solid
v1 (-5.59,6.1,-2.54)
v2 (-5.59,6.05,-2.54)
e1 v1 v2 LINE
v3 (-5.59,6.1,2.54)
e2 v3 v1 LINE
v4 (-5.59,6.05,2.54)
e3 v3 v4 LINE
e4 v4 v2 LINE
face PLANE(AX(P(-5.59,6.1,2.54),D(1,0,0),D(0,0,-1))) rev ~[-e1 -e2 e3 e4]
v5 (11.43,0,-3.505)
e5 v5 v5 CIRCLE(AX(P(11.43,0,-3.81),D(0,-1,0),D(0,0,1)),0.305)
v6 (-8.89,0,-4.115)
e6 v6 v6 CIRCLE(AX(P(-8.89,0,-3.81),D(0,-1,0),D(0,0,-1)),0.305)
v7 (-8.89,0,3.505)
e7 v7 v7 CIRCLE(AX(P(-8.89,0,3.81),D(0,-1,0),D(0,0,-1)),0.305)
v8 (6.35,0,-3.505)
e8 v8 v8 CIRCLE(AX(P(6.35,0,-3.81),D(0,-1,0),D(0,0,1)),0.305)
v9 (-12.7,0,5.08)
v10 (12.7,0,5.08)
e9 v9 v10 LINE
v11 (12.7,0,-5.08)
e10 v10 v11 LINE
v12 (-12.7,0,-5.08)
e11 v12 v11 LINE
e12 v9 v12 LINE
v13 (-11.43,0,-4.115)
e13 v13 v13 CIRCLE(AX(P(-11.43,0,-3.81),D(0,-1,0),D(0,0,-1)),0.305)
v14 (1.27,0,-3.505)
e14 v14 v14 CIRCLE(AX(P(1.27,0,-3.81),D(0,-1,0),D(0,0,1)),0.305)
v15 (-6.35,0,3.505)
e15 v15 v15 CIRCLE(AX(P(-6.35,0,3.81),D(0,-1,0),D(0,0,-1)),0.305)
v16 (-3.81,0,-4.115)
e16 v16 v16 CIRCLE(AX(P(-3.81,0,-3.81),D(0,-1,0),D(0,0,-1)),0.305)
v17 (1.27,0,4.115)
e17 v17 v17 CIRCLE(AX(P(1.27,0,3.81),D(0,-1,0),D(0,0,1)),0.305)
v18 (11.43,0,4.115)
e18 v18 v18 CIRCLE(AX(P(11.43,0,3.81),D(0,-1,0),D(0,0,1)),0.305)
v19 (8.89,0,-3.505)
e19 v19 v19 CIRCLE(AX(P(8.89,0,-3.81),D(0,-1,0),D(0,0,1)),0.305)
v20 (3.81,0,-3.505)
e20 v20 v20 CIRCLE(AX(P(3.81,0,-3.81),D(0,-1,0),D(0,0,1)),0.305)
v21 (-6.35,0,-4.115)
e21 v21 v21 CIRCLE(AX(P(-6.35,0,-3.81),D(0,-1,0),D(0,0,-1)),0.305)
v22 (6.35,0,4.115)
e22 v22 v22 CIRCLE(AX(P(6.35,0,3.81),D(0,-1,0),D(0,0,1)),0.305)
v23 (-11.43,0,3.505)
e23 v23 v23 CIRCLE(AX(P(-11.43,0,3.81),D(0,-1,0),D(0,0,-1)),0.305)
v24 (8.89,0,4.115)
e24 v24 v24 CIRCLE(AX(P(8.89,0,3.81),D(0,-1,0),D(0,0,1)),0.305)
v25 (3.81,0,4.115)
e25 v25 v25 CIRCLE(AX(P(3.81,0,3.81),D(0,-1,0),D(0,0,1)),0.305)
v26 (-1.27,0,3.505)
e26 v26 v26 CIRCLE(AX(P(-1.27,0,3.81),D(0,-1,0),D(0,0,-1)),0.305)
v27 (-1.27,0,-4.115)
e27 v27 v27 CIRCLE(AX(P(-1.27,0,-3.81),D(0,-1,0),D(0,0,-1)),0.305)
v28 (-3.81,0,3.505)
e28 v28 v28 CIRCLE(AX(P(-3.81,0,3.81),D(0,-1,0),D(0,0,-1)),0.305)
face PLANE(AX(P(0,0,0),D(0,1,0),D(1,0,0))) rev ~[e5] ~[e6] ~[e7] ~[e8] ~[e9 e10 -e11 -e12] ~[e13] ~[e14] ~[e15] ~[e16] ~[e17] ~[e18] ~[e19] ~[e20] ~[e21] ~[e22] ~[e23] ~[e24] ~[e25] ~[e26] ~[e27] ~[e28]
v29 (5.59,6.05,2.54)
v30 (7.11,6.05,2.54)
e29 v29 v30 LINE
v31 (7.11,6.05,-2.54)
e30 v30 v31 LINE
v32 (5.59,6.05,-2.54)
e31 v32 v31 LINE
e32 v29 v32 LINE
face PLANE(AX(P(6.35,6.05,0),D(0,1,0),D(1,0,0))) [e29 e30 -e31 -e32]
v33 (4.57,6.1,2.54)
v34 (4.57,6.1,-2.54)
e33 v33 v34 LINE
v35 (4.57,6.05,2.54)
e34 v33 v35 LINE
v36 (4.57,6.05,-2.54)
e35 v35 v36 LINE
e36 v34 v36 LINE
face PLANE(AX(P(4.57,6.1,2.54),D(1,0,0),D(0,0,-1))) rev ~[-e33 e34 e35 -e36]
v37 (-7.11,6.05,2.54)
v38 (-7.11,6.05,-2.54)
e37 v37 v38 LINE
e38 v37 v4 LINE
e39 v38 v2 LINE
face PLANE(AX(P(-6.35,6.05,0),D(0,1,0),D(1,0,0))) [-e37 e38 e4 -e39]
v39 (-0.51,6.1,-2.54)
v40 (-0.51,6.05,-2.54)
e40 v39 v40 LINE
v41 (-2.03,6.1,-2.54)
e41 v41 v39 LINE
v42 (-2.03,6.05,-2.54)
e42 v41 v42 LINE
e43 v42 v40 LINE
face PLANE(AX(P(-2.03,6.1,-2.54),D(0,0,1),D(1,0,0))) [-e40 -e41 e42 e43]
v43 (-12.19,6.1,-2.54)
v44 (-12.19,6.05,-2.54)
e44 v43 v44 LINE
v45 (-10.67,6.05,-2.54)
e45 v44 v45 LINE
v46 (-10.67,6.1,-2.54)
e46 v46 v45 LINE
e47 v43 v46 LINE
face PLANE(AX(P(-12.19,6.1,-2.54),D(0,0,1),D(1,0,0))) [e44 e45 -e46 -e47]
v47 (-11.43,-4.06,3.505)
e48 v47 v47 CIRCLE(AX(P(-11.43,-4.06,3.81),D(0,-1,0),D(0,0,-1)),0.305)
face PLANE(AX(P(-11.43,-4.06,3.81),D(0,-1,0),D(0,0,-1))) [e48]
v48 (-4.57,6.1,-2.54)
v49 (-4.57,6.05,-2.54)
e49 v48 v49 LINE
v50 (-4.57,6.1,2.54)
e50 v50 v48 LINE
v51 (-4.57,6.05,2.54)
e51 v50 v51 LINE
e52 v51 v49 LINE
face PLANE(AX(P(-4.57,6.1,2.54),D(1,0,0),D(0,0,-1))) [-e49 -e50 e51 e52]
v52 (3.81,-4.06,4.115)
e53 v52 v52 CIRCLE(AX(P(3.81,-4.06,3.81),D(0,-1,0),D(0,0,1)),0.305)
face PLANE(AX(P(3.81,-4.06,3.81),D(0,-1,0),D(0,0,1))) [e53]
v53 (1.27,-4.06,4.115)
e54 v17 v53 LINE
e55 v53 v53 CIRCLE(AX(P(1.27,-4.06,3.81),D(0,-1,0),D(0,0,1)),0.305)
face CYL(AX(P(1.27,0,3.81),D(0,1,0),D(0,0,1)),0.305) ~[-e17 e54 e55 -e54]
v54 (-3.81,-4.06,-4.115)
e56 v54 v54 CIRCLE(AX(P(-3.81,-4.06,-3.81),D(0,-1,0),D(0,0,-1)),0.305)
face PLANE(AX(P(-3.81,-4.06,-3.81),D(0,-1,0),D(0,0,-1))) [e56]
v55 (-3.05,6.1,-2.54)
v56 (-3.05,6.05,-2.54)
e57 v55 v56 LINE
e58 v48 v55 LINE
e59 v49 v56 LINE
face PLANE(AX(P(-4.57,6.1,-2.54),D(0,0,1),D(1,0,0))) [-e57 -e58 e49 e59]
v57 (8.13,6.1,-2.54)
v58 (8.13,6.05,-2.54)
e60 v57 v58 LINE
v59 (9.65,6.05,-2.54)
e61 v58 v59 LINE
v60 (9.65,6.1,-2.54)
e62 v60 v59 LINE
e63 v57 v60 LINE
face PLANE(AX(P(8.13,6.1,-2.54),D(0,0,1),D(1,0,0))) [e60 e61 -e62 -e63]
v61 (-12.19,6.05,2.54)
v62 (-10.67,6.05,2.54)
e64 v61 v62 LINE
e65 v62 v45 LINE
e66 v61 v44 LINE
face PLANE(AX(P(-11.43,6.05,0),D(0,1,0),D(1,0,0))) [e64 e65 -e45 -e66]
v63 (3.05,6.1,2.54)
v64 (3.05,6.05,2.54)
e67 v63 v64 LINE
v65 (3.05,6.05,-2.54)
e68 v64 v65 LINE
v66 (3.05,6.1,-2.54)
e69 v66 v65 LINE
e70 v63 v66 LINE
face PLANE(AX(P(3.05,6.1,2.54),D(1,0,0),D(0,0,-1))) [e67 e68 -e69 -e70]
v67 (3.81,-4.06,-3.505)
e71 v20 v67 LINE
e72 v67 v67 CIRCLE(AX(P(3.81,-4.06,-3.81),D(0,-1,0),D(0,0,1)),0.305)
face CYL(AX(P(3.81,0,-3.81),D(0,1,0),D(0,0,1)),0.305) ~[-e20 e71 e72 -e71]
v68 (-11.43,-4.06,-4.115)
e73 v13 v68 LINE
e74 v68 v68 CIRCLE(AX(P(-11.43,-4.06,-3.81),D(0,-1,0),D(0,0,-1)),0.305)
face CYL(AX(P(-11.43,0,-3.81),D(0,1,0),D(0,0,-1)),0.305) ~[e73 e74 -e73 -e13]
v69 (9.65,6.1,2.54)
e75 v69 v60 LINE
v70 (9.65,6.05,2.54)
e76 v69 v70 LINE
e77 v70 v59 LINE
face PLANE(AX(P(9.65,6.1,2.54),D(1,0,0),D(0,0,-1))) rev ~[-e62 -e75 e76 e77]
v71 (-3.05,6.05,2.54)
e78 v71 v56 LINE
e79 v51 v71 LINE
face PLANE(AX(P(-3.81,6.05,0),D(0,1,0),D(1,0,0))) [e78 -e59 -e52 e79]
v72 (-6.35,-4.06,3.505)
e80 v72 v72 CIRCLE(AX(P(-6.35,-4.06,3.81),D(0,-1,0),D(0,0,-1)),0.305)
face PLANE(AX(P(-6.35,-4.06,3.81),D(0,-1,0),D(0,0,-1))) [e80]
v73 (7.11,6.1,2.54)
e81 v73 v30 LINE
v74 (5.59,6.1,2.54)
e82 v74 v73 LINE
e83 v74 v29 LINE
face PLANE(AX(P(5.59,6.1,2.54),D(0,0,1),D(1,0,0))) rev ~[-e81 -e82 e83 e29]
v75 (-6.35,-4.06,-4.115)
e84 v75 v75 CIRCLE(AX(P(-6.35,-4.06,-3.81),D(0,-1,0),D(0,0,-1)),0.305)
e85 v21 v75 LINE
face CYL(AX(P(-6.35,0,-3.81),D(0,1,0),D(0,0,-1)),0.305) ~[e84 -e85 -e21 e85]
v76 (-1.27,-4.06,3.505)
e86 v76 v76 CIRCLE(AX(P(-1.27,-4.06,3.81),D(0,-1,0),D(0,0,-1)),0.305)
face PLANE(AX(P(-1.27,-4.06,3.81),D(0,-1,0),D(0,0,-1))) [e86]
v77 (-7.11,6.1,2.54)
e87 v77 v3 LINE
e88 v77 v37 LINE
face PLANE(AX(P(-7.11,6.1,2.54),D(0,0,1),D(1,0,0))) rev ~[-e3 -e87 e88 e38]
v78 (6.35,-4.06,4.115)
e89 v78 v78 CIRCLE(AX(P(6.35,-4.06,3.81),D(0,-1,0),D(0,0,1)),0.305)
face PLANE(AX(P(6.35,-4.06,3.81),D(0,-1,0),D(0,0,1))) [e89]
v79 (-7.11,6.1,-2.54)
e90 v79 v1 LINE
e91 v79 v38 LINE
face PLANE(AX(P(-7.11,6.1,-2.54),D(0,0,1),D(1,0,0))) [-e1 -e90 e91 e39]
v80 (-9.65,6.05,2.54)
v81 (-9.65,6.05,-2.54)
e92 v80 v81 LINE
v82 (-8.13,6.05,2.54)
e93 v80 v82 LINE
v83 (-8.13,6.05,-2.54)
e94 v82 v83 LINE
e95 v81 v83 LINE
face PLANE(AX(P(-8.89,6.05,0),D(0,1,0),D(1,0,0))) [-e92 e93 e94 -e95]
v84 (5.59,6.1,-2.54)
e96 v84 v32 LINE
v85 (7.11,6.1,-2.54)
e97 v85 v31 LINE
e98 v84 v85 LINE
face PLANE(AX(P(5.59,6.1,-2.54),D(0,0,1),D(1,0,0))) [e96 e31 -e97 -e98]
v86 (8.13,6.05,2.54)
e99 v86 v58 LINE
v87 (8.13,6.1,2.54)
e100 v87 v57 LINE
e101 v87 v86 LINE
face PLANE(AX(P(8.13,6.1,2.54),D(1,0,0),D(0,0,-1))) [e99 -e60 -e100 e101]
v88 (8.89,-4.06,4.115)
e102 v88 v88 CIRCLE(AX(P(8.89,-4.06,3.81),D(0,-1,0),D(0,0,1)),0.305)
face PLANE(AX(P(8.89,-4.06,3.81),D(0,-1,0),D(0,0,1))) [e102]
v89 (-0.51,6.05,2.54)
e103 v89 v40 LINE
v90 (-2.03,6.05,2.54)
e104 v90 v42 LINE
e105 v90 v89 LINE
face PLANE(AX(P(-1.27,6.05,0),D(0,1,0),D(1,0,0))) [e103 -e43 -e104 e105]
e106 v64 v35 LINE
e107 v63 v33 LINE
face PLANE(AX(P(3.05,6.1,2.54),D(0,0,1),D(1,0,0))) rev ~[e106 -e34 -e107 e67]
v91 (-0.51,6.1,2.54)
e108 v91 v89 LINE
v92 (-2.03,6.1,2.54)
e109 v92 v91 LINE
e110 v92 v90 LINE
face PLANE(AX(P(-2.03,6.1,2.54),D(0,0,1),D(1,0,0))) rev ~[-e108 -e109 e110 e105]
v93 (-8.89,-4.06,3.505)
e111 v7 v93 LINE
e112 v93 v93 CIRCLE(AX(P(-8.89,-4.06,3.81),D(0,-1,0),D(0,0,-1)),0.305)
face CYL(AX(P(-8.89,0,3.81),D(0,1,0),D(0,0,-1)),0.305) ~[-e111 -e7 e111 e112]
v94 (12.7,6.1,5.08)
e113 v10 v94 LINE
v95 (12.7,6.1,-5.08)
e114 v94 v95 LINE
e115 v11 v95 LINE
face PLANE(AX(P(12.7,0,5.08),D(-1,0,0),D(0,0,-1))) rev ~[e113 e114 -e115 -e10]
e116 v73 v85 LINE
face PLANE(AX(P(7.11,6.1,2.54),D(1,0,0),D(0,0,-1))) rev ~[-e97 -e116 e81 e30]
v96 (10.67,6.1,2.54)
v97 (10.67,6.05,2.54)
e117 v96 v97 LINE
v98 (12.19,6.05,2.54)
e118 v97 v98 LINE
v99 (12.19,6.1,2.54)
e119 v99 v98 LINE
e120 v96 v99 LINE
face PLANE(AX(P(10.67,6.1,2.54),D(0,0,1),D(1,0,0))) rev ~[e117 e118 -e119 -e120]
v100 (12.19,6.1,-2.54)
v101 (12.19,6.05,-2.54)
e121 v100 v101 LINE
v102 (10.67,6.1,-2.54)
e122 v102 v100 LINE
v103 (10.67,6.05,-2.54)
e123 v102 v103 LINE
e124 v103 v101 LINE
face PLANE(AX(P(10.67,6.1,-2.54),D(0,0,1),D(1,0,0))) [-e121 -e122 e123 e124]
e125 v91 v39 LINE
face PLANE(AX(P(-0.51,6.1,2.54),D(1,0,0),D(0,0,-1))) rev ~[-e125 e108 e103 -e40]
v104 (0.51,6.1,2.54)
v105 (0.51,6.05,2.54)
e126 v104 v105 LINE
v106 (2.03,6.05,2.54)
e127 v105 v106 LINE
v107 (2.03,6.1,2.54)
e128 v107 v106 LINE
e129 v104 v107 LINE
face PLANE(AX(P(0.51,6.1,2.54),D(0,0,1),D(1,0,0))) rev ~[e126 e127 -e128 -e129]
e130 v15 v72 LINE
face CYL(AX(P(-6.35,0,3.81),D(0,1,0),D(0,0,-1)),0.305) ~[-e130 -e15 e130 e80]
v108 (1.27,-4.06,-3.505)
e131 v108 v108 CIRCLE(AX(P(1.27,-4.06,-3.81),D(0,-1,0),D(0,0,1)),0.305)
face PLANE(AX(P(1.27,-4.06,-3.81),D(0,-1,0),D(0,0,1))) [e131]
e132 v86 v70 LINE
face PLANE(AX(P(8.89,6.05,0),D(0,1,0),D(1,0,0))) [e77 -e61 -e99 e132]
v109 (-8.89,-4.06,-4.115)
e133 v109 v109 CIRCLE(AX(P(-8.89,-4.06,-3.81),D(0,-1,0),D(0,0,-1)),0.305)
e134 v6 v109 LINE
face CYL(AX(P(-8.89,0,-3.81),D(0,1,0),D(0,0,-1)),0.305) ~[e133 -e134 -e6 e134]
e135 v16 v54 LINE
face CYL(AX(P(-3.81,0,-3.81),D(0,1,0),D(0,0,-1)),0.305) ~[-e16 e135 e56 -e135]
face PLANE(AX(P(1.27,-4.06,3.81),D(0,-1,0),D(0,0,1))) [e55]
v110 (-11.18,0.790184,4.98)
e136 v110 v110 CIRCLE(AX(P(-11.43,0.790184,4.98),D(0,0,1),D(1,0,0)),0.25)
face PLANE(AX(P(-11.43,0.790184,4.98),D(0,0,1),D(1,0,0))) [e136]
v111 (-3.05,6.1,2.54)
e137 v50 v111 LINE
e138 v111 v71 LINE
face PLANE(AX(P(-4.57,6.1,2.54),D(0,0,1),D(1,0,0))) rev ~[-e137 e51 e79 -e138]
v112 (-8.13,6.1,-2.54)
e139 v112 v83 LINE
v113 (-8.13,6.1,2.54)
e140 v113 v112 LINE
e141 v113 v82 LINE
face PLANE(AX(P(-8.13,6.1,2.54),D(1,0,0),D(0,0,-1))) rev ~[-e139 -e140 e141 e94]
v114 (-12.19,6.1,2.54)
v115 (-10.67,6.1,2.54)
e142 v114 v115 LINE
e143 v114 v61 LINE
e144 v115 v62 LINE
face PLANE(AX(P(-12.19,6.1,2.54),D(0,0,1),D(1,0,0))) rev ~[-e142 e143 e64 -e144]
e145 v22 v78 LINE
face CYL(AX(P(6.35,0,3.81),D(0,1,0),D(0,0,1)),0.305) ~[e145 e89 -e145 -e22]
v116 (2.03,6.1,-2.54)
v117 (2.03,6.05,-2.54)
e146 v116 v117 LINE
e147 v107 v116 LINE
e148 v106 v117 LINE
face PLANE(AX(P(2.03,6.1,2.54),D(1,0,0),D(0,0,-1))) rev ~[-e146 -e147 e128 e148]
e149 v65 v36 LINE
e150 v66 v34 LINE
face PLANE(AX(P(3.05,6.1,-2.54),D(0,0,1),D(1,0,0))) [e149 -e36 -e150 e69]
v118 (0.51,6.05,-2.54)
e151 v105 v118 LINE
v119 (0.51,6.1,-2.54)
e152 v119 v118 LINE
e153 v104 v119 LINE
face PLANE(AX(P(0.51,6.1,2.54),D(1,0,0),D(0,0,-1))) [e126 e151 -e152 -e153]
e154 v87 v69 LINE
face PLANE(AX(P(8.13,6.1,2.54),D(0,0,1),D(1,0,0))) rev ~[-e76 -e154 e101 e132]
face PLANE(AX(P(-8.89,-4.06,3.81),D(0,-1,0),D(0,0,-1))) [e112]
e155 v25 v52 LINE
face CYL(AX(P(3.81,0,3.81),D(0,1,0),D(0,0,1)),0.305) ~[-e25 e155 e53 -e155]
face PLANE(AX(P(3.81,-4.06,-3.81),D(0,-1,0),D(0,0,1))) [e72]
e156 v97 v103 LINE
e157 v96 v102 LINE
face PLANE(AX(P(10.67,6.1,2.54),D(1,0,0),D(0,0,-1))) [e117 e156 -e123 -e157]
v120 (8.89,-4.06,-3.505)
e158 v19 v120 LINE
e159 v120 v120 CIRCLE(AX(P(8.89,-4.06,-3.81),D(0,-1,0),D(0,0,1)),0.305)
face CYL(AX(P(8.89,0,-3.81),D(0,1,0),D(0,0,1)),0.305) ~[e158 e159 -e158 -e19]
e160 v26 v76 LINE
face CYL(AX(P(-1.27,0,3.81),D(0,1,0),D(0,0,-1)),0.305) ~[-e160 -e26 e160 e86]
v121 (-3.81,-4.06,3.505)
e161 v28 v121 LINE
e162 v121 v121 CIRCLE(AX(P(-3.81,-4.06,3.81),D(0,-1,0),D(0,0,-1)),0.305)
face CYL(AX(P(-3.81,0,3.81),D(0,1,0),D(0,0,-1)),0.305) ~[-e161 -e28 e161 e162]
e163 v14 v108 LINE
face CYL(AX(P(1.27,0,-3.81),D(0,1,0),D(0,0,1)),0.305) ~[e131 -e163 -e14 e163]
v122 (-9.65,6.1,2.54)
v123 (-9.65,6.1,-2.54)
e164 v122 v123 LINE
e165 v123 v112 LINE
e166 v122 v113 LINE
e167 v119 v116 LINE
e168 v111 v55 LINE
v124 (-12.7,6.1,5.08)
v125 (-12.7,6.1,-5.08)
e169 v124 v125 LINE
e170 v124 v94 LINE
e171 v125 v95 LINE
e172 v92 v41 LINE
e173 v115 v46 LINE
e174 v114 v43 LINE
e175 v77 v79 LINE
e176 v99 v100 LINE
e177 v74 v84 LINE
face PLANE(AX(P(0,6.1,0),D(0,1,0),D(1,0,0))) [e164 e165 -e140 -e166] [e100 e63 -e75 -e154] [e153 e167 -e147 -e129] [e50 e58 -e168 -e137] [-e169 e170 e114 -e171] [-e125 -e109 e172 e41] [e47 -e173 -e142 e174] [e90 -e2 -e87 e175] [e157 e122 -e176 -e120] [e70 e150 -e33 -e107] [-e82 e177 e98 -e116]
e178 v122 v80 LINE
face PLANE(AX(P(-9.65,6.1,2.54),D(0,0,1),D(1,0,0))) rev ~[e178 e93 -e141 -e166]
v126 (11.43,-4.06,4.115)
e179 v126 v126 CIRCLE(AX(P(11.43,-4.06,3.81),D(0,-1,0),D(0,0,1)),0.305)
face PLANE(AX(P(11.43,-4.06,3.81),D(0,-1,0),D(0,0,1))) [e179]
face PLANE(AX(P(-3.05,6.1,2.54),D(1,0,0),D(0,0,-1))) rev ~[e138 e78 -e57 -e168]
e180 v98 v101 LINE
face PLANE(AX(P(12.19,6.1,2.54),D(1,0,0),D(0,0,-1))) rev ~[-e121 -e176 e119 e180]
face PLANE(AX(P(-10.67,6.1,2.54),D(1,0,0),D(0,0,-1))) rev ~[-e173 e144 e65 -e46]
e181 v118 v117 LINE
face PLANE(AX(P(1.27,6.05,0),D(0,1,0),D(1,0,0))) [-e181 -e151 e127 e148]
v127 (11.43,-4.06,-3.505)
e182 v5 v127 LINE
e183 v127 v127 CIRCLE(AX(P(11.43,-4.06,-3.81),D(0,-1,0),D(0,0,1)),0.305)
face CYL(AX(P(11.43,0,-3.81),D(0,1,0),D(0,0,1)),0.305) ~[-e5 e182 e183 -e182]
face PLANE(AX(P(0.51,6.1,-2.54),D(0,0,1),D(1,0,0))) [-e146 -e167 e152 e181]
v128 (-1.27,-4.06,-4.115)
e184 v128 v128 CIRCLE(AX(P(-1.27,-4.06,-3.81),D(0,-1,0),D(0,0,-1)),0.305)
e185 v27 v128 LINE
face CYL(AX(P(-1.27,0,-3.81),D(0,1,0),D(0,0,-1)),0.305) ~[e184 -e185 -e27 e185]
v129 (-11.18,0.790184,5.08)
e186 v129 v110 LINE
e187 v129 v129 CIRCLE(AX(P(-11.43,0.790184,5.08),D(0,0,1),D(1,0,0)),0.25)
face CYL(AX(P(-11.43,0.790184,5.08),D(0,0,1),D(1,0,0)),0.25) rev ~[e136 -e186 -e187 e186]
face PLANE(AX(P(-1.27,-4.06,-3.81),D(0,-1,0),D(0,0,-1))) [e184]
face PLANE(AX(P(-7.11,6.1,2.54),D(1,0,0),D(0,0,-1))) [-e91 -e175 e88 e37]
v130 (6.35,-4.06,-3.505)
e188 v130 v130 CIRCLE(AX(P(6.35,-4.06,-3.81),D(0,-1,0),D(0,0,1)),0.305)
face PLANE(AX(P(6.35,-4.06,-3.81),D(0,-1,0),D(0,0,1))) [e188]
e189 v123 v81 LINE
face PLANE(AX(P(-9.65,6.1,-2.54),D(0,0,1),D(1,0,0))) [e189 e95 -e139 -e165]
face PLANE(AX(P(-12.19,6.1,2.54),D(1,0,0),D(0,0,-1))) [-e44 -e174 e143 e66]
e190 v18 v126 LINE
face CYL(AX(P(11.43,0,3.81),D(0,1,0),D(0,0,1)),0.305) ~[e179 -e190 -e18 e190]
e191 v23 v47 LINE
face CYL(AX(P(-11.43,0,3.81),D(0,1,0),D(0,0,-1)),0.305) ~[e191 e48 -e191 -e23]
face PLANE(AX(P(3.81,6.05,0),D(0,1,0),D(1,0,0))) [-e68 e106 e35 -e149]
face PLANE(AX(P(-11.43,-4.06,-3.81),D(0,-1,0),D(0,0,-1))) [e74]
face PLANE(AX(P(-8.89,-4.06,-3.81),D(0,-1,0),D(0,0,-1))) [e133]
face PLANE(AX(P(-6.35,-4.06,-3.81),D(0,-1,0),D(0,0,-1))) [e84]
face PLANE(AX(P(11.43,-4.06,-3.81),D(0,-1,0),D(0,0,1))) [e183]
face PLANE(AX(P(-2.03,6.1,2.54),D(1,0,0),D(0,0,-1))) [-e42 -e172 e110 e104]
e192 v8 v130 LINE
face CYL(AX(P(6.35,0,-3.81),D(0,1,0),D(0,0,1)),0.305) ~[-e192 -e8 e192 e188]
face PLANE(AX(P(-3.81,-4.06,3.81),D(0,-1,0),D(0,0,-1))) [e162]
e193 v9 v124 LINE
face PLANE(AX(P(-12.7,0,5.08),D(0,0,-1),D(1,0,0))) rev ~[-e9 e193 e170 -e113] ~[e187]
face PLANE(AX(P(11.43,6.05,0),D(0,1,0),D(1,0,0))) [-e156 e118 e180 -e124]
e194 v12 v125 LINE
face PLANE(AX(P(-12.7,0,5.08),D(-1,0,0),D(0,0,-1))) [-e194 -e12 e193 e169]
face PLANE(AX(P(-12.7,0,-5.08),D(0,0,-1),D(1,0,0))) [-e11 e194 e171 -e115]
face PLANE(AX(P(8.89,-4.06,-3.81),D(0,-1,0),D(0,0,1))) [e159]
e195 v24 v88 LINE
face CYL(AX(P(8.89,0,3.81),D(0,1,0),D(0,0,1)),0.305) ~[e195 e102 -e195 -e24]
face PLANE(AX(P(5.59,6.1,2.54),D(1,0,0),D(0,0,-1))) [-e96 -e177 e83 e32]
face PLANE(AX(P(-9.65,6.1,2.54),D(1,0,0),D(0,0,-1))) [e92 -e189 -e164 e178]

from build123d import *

# Parameters (mm, degrees)
SKETCH1_W           = 25.4
SKETCH1_H           = 10.16
BOSS_EXTRUDE1_DEPTH = 6.1
SKETCH2_W           = 1.52
SKETCH2_H           = 5.08
CUT_EXTRUDE1_DEPTH  = 0.05
SKETCH3_R           = 0.305
BOSS_EXTRUDE2_DEPTH = 4.06
SKETCH4_R           = 0.25
CUT_EXTRUDE2_DEPTH  = 0.1


with BuildPart() as part:
    # Sketch1 → Boss-Extrude1 (new body)
    with BuildSketch(Plane(origin=(0, 0, 0), x_dir=(1, 0, 0), z_dir=(0, 1, 0))):
        Rectangle(SKETCH1_W, SKETCH1_H)
    extrude(amount=BOSS_EXTRUDE1_DEPTH)

    # Sketch2 → Cut-Extrude1 (cut)
    with BuildSketch(Plane(origin=(0, 6.1, 0), x_dir=(1, 0, 0), z_dir=(0, 1, 0))):
        with Locations((-3.81, 0)):
            Rectangle(SKETCH2_W, SKETCH2_H)
        with Locations((-1.27, 0)):
            Rectangle(SKETCH2_W, SKETCH2_H)
        with Locations((-6.35, 0)):
            Rectangle(SKETCH2_W, SKETCH2_H)
        with Locations((-8.89, 0)):
            Rectangle(SKETCH2_W, SKETCH2_H)
        with Locations((-11.43, 0)):
            Rectangle(SKETCH2_W, SKETCH2_H)
        with Locations((11.43, 0)):
            Rectangle(SKETCH2_W, SKETCH2_H)
        with Locations((8.89, 0)):
            Rectangle(SKETCH2_W, SKETCH2_H)
        with Locations((6.35, 0)):
            Rectangle(SKETCH2_W, SKETCH2_H)
        with Locations((3.81, 0)):
            Rectangle(SKETCH2_W, SKETCH2_H)
        with Locations((1.27, 0)):
            Rectangle(SKETCH2_W, SKETCH2_H)
    extrude(amount=-CUT_EXTRUDE1_DEPTH, mode=Mode.SUBTRACT)

    # Sketch3 → Boss-Extrude2 (add)
    with BuildSketch(Plane.XZ):
        with Locations(Location((-1.27, 3.81, 0), (0, 0, 270))):
            Circle(SKETCH3_R)
        with Locations(Location((-3.81, 3.81, 0), (0, 0, 270))):
            Circle(SKETCH3_R)
        with Locations(Location((-6.35, 3.81, 0), (0, 0, 270))):
            Circle(SKETCH3_R)
        with Locations(Location((-8.89, 3.81, 0), (0, 0, 270))):
            Circle(SKETCH3_R)
        with Locations(Location((-11.43, 3.81, 0), (0, 0, 270))):
            Circle(SKETCH3_R)
        with Locations(Location((-3.81, -3.81, 0), (0, 0, 270))):
            Circle(SKETCH3_R)
        with Locations(Location((-6.35, -3.81, 0), (0, 0, 270))):
            Circle(SKETCH3_R)
        with Locations(Location((-8.89, -3.81, 0), (0, 0, 270))):
            Circle(SKETCH3_R)
        with Locations(Location((-11.43, -3.81, 0), (0, 0, 270))):
            Circle(SKETCH3_R)
        with Locations(Location((-1.27, -3.81, 0), (0, 0, 270))):
            Circle(SKETCH3_R)
        with Locations(Location((11.43, -3.81, 0), (0, 0, 90))):
            Circle(SKETCH3_R)
        with Locations(Location((8.89, -3.81, 0), (0, 0, 90))):
            Circle(SKETCH3_R)
        with Locations(Location((6.35, -3.81, 0), (0, 0, 90))):
            Circle(SKETCH3_R)
        with Locations(Location((3.81, -3.81, 0), (0, 0, 90))):
            Circle(SKETCH3_R)
        with Locations(Location((1.27, -3.81, 0), (0, 0, 90))):
            Circle(SKETCH3_R)
        with Locations(Location((1.27, 3.81, 0), (0, 0, 90))):
            Circle(SKETCH3_R)
        with Locations(Location((3.81, 3.81, 0), (0, 0, 90))):
            Circle(SKETCH3_R)
        with Locations(Location((6.35, 3.81, 0), (0, 0, 90))):
            Circle(SKETCH3_R)
        with Locations(Location((8.89, 3.81, 0), (0, 0, 90))):
            Circle(SKETCH3_R)
        with Locations(Location((11.43, 3.81, 0), (0, 0, 90))):
            Circle(SKETCH3_R)
    extrude(amount=BOSS_EXTRUDE2_DEPTH)

    # Sketch4 → Cut-Extrude2 (cut)
    with BuildSketch(Plane.XY.offset(5.08)):
        with Locations((-11.43, 0.790183666)):
            Circle(SKETCH4_R)
    extrude(amount=-CUT_EXTRUDE2_DEPTH, mode=Mode.SUBTRACT)


solid = part.part
